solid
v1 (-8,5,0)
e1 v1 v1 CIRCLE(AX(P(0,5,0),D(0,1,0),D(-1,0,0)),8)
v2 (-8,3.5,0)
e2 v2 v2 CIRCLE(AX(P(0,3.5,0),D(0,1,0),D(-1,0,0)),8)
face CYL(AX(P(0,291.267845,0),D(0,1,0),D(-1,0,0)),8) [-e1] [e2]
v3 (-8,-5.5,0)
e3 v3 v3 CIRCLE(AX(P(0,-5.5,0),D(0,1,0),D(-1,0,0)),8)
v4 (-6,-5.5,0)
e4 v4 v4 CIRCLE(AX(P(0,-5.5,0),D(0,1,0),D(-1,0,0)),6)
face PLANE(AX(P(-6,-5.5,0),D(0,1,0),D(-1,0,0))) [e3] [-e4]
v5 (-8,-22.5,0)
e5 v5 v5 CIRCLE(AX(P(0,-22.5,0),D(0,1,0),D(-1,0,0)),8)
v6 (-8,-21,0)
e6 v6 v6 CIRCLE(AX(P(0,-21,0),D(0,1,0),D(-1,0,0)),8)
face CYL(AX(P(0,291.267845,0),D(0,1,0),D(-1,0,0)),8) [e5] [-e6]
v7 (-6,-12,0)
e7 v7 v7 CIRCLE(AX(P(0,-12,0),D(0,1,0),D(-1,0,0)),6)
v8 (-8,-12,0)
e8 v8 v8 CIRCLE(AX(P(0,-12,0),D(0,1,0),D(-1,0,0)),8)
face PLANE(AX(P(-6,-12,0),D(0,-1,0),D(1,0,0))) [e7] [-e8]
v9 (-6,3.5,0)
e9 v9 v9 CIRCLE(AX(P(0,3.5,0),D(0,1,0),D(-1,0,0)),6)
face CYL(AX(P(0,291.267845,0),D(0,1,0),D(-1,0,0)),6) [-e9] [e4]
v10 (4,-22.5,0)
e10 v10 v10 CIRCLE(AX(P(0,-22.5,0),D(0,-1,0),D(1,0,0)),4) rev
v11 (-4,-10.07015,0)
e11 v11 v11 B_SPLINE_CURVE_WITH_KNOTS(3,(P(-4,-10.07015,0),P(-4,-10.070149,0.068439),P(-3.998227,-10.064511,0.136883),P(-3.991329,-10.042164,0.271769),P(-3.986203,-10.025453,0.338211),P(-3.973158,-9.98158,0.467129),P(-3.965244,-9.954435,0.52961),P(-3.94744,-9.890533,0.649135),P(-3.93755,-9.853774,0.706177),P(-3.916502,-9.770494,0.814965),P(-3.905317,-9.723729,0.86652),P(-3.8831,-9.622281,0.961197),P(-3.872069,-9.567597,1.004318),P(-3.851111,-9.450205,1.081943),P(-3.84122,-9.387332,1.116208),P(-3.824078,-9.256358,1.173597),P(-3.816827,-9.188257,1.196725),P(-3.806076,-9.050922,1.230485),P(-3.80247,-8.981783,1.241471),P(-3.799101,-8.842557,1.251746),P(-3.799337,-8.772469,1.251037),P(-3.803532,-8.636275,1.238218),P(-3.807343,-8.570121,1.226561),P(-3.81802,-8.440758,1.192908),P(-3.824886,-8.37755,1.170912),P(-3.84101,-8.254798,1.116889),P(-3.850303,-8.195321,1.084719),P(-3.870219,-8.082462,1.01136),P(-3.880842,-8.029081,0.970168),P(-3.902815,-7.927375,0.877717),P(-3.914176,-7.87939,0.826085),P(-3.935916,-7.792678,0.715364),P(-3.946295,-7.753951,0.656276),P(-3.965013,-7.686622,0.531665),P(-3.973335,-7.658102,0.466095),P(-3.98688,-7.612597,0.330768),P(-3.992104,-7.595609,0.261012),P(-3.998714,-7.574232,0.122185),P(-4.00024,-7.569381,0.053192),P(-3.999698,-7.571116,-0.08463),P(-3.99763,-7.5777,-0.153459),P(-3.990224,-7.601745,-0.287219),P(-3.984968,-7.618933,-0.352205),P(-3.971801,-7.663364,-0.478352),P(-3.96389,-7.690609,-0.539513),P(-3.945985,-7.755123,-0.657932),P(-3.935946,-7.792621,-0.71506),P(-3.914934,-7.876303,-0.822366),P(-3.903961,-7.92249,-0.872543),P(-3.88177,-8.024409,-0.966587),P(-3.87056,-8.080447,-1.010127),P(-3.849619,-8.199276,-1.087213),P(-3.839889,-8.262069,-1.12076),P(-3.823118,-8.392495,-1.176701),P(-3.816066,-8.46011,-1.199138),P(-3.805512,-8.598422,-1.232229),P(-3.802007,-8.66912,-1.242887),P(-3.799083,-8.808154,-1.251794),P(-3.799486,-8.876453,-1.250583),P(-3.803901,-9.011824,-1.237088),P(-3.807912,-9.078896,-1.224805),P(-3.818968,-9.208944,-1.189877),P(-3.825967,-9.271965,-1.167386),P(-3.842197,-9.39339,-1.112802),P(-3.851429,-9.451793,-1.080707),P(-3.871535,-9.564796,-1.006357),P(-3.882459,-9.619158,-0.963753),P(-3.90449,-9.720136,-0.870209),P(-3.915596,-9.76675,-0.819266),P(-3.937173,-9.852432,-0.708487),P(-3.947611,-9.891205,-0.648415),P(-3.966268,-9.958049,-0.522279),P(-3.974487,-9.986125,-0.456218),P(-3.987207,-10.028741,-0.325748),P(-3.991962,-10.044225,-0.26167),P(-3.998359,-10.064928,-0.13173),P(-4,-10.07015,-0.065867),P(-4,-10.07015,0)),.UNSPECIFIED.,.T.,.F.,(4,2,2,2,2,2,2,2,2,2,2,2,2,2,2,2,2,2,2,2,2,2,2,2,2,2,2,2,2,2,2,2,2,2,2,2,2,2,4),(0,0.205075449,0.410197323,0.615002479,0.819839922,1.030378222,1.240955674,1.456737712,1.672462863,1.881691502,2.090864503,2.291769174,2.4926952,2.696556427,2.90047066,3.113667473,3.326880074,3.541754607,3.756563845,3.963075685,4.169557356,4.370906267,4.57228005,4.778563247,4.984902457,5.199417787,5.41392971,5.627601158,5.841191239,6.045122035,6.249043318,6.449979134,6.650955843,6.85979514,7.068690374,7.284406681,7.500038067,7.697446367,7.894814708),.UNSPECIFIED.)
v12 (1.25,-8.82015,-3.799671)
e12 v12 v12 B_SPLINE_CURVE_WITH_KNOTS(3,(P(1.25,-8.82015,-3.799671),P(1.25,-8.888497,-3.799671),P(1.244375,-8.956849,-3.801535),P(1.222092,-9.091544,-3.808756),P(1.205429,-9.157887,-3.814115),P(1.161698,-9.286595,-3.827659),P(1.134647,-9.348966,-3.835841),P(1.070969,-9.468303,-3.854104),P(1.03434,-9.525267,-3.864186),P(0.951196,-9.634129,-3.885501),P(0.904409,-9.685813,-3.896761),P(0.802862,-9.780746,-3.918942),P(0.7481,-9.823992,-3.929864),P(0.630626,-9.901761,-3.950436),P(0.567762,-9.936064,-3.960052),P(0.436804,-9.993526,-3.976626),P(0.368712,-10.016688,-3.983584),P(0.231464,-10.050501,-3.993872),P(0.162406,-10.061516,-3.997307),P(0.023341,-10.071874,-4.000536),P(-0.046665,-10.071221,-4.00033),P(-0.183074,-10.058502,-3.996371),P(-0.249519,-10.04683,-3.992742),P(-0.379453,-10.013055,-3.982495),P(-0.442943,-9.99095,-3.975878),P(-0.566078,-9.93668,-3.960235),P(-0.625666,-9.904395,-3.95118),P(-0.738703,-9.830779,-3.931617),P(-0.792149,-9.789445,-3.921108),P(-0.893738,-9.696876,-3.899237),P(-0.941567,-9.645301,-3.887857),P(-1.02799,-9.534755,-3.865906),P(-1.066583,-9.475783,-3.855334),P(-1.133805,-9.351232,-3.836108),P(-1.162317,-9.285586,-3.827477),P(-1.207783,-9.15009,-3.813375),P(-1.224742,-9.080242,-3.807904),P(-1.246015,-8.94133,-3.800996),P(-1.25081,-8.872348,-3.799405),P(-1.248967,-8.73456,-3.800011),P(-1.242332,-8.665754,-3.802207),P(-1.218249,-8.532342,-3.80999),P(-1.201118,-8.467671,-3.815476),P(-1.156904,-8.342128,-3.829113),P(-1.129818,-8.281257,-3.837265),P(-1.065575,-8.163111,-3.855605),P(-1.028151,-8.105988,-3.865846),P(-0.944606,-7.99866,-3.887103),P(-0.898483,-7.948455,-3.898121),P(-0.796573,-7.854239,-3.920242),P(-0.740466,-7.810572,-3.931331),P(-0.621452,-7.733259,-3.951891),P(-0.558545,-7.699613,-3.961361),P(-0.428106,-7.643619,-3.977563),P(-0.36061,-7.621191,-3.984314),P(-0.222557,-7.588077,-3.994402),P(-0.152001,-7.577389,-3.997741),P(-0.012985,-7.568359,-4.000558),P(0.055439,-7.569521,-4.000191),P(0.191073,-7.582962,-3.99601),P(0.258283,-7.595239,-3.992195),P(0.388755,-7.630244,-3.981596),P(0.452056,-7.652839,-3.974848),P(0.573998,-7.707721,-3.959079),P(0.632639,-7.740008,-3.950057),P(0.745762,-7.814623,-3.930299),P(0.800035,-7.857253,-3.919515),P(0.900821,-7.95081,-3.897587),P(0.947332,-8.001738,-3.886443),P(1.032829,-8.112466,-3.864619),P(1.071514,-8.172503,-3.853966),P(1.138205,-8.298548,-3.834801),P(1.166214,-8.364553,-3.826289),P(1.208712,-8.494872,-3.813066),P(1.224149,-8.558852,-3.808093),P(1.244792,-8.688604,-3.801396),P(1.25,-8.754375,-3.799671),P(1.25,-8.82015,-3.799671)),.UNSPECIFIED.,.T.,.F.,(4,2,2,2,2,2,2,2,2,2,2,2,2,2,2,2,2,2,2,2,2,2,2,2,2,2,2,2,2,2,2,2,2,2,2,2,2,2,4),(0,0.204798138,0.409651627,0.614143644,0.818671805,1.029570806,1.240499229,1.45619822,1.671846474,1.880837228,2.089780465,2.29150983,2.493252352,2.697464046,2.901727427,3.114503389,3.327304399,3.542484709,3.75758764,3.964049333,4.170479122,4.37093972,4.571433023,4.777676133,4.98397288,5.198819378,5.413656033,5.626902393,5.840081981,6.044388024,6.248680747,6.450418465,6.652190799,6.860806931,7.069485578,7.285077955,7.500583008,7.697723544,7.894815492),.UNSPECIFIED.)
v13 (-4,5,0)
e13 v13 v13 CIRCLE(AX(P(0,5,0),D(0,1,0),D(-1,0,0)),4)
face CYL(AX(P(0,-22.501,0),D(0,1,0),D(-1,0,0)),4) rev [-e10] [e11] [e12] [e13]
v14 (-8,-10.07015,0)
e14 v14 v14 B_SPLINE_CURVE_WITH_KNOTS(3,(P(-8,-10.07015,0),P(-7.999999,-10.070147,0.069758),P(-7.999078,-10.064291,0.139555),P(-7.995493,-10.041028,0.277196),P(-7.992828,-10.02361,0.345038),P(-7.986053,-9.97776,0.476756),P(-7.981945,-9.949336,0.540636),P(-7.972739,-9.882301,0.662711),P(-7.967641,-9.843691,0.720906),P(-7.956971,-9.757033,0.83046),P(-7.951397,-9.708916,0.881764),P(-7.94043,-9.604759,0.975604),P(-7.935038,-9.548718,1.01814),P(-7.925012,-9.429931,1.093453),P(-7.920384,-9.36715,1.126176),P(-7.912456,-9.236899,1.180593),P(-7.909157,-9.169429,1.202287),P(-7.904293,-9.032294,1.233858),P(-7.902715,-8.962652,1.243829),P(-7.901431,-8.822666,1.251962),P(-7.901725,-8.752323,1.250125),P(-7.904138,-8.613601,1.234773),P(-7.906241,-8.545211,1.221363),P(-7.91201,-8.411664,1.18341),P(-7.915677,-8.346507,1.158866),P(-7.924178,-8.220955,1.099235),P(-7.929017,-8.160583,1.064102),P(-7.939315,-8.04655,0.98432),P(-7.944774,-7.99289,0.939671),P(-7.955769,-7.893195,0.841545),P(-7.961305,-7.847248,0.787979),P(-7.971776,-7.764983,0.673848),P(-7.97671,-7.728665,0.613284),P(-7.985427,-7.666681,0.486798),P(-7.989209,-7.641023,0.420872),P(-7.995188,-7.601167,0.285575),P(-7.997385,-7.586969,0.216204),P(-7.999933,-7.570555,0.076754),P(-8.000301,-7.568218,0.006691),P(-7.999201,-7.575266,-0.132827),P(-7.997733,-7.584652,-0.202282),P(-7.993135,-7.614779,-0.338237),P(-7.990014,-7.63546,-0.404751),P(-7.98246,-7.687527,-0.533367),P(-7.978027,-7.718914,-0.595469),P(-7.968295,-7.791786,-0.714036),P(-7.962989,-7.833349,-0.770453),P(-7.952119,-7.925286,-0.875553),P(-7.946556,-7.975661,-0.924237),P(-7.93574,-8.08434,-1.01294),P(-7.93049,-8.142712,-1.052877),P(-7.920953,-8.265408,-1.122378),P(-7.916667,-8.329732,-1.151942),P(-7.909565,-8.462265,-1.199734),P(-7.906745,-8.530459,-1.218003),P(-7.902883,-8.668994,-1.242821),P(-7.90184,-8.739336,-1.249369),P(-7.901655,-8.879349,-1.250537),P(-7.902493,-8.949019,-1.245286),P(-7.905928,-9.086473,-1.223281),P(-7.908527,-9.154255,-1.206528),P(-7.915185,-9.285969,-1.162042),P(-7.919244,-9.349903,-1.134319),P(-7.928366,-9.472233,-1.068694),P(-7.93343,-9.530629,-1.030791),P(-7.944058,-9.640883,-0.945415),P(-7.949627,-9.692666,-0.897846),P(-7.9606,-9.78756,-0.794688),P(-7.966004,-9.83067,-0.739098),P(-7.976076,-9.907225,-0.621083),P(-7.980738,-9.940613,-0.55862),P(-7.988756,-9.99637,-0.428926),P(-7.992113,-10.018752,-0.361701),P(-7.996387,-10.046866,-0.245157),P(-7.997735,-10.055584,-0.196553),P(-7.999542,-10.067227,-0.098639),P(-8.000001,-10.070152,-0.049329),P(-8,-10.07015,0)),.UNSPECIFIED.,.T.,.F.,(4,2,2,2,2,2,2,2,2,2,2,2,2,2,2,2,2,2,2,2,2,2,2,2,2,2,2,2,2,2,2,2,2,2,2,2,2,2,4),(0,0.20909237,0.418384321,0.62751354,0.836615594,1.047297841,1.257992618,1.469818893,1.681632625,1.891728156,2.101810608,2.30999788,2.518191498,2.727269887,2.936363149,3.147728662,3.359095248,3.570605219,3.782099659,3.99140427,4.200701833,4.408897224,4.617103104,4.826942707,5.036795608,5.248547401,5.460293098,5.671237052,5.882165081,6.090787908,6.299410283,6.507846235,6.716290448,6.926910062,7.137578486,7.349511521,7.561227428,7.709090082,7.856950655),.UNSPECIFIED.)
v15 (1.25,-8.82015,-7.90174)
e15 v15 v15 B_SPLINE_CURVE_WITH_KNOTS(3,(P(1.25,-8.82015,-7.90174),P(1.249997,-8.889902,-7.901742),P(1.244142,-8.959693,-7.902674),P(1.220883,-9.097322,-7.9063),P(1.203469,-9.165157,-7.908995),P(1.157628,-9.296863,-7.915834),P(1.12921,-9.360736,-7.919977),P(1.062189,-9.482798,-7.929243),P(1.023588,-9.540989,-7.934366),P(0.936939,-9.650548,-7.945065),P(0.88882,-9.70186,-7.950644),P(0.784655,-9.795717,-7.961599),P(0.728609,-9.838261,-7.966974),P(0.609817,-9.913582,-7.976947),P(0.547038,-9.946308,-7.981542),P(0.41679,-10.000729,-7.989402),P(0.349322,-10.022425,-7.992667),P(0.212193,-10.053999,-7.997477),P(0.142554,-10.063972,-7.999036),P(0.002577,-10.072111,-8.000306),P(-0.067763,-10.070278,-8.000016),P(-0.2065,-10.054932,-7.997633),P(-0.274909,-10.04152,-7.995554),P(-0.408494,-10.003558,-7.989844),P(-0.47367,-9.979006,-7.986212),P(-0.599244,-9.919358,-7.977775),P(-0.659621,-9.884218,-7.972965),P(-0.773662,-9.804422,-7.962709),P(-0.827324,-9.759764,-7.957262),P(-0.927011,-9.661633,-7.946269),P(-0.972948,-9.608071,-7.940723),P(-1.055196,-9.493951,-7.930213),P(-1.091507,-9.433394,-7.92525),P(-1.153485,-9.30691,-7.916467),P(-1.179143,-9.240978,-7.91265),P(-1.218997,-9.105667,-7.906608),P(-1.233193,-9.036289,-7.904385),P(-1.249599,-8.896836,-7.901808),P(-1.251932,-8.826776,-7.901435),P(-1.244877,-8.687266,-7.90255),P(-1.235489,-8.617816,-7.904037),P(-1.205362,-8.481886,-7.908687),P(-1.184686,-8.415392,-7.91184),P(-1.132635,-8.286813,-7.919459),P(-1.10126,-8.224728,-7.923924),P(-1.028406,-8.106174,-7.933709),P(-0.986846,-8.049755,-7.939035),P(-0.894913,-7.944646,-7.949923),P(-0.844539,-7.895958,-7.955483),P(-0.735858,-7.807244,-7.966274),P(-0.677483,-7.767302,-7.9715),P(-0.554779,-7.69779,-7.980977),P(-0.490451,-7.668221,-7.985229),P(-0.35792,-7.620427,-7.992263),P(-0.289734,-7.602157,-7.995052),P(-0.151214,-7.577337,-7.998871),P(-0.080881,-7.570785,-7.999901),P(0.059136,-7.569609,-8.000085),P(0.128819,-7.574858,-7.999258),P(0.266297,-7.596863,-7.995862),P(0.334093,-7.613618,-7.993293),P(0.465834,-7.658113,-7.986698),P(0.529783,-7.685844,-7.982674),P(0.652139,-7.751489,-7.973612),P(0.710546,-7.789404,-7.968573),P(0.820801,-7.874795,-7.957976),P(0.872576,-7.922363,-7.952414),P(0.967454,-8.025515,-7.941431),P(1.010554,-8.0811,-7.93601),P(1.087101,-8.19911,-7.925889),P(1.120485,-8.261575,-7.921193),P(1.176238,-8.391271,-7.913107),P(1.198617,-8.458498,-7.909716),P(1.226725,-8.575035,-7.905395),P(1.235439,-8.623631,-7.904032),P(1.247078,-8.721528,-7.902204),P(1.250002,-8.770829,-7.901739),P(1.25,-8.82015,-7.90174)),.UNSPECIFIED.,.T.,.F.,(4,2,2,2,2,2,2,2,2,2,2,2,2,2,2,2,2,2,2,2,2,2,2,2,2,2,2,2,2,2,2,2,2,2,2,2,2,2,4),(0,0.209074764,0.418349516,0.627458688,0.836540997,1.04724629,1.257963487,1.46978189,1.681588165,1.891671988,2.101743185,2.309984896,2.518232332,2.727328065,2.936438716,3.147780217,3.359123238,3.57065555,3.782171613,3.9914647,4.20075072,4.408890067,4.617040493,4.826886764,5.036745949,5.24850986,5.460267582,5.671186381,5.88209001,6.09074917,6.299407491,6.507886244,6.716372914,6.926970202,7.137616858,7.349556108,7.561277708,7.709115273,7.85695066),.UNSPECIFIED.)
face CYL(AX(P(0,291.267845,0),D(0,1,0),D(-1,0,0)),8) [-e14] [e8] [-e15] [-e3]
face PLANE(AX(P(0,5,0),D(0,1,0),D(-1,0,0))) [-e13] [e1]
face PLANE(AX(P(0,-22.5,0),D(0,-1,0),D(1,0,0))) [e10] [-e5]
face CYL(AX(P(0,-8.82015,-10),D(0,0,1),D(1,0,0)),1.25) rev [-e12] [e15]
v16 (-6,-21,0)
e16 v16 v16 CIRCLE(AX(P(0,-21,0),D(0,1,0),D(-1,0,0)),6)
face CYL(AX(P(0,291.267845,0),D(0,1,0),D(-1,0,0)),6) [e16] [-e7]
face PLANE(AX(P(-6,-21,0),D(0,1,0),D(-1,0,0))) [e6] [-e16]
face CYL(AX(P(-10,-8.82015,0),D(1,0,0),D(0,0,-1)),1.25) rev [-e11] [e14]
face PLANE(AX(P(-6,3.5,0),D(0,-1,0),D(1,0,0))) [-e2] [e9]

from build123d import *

# Parameters (mm, degrees)
CUT_EXTRUDE1_REACH = 31.736
SKETCH2_R          = 4
SKETCH3_R          = 1.25
CUT_EXTRUDE2_DEPTH = 10
CIRPATTERN1_COUNT  = 2
CIRPATTERN1_ANGLE  = 90


with BuildPart() as part:
    # Sketch1 → Revolve1 (revolve)
    with BuildSketch(Plane.XY):
        Polygon((0, 5), (-8, 5), (-8, 3.5), (-6, 3.5), (-6, -5.5), (-8, -5.5), (-8, -12), (-6, -12), (-6, -21), (-8, -21), (-8, -22.5), (0, -22.5), align=None)
    revolve(axis=Axis((0, 291.267844828, 0), (0, -1, 0)))

    # Sketch2 → Cut-Extrude1 (cut, up to next)
    with BuildSketch(Plane(origin=(0, 5, 0), x_dir=(1, 0, 0), z_dir=(0, 1, 0)), mode=Mode.PRIVATE) as cut_extrude1_sk1:
        with Locations(Location((0, 0, 0), (0, 0, 180))):
            Circle(SKETCH2_R)
    cut_extrude1_tool1 = extrude(cut_extrude1_sk1.sketch, amount=-CUT_EXTRUDE1_REACH, mode=Mode.PRIVATE) & part.part
    add(cut_extrude1_tool1.solids().sort_by_distance((0, 5, 0))[0], mode=Mode.SUBTRACT)

    # Sketch3 → Cut-Extrude2 (cut)
    with BuildSketch(Plane.XY):
        with Locations((0, -8.820149855)):
            Circle(SKETCH3_R)
    cut_extrude2 = extrude(amount=-CUT_EXTRUDE2_DEPTH, mode=Mode.SUBTRACT)

    # CirPattern1: Cut-Extrude2 ×2 about axis
    cirpattern1_axis = Axis((0, -22.5, 0), (0, 1, 0))
    for i in range(1, CIRPATTERN1_COUNT):
        add(cut_extrude2.rotate(cirpattern1_axis, i * CIRPATTERN1_ANGLE / (CIRPATTERN1_COUNT - 1)), mode=Mode.SUBTRACT)


solid = part.part
